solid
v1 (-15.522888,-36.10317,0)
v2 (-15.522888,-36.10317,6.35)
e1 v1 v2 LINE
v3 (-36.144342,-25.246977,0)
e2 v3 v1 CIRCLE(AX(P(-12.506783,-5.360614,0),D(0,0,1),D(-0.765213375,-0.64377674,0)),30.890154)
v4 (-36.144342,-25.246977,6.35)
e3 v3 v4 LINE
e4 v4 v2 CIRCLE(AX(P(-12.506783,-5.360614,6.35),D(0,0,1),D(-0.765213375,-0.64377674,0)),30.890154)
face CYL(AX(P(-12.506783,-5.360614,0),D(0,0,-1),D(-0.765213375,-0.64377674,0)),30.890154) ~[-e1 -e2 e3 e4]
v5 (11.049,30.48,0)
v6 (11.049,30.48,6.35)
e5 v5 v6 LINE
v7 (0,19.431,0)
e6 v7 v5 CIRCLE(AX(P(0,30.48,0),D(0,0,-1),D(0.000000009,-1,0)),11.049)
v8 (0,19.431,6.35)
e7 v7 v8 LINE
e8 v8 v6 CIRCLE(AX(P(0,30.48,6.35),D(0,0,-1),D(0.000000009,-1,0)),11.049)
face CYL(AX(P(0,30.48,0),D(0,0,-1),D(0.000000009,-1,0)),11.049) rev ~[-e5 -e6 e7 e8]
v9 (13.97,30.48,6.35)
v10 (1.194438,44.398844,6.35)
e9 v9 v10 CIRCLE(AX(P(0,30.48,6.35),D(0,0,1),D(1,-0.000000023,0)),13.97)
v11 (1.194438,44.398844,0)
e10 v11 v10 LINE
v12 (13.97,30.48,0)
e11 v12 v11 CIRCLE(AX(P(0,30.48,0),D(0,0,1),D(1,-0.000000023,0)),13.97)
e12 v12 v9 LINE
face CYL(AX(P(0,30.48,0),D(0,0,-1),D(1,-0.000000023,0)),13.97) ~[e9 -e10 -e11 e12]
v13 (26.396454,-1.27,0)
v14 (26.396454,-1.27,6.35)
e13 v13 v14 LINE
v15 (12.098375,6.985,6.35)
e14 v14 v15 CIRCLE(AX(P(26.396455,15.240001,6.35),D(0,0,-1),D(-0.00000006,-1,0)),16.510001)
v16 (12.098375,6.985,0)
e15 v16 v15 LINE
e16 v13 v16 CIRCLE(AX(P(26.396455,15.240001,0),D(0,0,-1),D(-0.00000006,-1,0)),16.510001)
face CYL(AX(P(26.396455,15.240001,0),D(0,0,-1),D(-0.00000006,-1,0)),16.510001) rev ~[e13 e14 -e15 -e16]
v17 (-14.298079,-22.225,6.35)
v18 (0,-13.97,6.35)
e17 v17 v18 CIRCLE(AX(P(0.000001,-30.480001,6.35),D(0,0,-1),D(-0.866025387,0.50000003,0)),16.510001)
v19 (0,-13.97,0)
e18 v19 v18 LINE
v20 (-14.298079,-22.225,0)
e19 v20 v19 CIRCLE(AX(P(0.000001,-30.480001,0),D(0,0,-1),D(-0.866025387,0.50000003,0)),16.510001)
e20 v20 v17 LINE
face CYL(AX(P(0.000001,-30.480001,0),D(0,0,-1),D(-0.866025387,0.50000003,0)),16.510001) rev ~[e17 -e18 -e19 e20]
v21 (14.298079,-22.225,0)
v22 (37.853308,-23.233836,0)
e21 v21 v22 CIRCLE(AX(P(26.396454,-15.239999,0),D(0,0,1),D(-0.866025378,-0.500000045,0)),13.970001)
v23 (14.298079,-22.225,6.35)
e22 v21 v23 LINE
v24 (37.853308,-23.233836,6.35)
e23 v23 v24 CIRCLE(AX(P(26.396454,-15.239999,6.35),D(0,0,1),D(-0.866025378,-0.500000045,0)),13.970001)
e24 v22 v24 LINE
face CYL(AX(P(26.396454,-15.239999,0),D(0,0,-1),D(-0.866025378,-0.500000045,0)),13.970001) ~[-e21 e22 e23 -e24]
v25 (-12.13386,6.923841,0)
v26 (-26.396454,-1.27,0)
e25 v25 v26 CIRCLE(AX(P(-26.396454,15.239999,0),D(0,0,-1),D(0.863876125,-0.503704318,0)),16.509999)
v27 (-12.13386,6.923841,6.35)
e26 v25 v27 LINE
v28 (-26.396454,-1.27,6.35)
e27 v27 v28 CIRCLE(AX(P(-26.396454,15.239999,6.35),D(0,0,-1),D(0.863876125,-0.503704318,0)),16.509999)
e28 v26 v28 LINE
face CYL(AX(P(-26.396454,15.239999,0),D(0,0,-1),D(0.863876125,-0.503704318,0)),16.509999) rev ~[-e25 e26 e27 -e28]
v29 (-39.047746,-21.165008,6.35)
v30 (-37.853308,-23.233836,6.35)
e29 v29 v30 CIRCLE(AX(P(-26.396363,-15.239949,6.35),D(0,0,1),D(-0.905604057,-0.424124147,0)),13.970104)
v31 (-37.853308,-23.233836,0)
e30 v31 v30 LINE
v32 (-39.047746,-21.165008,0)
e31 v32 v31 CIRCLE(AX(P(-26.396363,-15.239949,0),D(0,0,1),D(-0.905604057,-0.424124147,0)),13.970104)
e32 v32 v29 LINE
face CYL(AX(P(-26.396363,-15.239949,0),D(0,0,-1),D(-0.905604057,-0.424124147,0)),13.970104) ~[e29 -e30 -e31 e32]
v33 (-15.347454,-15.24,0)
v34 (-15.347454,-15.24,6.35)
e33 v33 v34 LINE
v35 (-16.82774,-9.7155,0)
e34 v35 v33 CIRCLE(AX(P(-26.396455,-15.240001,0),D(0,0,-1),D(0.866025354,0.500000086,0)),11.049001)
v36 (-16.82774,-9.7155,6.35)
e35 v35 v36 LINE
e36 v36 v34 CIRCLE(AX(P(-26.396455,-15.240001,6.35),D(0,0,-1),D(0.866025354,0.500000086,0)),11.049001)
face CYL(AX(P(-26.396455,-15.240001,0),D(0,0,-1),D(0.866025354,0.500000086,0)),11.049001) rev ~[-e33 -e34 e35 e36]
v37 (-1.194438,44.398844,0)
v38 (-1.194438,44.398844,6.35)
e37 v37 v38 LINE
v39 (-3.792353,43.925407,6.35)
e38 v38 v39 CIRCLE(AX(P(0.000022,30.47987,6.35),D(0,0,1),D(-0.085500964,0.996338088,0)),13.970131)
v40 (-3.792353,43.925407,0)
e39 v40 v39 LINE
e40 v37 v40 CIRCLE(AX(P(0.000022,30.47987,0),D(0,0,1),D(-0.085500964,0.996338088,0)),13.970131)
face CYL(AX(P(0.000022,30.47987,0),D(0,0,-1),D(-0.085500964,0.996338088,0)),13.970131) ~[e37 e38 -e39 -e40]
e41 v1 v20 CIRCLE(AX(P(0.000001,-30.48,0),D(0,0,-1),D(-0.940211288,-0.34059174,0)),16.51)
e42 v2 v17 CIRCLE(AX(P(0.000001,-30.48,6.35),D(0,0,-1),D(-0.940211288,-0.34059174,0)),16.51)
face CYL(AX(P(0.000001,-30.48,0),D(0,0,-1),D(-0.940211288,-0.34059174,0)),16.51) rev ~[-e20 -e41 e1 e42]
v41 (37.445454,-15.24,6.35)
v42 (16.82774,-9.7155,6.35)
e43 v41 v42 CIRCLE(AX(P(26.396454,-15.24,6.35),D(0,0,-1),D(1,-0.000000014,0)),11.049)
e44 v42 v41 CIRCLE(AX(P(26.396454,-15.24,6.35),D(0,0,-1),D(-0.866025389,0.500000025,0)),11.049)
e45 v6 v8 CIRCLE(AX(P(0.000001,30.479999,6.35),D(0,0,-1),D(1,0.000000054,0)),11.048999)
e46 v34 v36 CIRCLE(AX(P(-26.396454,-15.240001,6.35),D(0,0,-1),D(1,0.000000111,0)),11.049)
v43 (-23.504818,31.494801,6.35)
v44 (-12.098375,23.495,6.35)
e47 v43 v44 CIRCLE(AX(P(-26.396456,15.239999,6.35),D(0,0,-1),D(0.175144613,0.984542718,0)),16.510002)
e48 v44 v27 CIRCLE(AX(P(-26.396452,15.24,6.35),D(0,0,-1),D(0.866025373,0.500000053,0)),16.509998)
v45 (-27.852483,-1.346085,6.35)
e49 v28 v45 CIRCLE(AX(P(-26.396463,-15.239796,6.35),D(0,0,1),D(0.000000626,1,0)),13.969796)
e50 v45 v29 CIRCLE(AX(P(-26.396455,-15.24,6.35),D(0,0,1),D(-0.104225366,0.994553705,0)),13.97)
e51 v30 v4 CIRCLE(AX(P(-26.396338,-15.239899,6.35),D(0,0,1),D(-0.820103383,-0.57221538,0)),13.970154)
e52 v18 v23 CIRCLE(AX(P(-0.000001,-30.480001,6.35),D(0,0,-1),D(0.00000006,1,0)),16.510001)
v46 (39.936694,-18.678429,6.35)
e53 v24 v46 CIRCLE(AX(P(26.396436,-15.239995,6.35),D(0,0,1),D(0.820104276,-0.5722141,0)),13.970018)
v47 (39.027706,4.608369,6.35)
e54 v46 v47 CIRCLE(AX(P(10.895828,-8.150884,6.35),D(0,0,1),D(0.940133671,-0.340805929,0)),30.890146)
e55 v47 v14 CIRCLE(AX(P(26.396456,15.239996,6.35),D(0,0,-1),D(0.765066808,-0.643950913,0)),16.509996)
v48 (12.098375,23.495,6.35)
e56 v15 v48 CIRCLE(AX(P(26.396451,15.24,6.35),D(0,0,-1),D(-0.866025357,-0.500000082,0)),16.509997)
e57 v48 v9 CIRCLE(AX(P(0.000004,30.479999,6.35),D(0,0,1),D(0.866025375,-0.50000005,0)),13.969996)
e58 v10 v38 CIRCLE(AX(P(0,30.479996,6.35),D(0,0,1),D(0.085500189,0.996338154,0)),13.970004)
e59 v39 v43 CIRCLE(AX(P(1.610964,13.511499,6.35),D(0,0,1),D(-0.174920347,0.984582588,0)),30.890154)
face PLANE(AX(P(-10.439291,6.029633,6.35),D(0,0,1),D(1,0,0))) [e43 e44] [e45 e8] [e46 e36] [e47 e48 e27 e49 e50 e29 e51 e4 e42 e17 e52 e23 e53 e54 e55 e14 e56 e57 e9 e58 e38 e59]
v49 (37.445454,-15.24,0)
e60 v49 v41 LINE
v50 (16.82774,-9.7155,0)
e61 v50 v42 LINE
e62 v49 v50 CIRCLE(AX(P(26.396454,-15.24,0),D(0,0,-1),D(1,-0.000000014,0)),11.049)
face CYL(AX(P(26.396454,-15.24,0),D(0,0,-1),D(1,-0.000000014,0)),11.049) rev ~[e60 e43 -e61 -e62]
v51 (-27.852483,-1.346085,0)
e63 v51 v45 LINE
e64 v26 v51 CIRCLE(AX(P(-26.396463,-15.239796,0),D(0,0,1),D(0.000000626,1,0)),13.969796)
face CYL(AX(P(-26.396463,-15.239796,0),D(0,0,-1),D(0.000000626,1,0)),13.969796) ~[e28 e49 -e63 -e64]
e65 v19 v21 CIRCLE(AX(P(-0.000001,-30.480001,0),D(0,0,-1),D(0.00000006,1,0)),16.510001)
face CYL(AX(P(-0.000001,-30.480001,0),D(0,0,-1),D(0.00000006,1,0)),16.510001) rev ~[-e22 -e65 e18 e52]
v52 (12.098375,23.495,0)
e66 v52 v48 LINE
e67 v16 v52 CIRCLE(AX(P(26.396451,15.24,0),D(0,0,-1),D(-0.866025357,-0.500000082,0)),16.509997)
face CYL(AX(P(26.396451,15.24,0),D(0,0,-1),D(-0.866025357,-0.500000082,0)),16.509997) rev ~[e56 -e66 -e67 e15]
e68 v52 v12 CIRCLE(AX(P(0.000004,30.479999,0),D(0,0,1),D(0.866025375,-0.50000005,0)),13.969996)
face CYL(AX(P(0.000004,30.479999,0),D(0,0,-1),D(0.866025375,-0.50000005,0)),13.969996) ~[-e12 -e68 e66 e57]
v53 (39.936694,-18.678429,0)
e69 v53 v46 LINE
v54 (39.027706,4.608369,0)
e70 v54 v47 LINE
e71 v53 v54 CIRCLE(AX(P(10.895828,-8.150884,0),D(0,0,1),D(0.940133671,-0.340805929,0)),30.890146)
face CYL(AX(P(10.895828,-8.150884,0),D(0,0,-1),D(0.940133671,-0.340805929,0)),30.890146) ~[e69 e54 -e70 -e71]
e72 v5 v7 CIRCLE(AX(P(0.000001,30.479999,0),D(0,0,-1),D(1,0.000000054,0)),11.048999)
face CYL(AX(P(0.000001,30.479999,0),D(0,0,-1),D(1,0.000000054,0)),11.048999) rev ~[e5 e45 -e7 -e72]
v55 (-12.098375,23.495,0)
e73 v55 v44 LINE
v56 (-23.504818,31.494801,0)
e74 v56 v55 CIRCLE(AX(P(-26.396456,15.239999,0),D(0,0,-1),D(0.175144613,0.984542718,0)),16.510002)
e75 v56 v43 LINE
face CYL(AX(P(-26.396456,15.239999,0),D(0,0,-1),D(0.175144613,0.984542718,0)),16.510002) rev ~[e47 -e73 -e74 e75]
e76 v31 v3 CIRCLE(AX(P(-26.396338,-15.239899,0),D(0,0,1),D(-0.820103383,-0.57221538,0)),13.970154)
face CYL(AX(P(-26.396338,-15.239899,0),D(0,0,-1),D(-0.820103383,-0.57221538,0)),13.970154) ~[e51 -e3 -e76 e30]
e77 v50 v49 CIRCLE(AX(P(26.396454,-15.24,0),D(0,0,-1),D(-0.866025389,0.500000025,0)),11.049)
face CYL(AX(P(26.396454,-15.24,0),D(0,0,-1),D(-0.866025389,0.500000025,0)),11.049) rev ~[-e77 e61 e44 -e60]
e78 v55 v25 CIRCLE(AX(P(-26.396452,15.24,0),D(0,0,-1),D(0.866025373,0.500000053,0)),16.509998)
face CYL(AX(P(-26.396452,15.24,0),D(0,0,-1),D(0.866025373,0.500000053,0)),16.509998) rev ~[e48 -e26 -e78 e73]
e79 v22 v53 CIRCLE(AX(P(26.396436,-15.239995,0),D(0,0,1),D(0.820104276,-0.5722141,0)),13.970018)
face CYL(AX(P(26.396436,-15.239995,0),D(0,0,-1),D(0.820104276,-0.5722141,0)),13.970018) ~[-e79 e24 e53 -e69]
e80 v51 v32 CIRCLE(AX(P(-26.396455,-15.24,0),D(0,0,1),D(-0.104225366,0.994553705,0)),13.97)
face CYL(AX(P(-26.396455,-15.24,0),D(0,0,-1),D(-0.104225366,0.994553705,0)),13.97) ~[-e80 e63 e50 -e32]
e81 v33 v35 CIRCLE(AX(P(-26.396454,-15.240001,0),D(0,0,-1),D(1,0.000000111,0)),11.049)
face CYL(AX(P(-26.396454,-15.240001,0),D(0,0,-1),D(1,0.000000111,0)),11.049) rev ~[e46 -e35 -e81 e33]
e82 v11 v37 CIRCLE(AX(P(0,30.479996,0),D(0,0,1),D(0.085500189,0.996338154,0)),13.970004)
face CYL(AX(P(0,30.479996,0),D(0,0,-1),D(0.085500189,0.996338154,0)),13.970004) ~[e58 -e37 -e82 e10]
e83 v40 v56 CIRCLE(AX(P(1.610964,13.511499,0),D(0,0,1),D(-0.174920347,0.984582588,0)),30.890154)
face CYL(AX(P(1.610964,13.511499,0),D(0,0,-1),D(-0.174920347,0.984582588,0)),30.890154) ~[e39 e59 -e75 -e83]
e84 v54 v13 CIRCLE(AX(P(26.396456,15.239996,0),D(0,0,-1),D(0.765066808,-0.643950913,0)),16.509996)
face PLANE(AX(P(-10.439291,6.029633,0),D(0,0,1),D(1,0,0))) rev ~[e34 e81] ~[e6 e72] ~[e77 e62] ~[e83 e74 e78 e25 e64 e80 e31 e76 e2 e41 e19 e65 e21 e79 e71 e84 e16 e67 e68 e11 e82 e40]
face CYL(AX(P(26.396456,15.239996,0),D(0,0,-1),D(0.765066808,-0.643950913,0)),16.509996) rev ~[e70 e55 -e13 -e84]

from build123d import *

# Parameters (mm, degrees)
F1_DEPTH = 6.35


with BuildPart() as f1:
    # F0 (on Top) → F1 (new body)
    with BuildSketch(Plane.XY):
        with BuildLine():
            Line((-14.298079, -8.255), (0, 0))
            Line((0, 0), (0, 16.51))
            ThreePointArc((0, 16.51), (-6.985, 18.381625), (-12.098375, 23.495))
            ThreePointArc((-12.098375, 23.495), (-9.886492, 15.204646), (-12.13386, 6.923841))
            ThreePointArc((-12.13386, 6.923841), (-18.172091, 0.924276), (-26.396454, -1.27))
            ThreePointArc((-26.396454, -1.27), (-25.702754, -1.287234), (-25.010766, -1.338893))
            ThreePointArc((-25.010766, -1.338893), (-18.819309, -3.5034), (-14.298079, -8.255))
        make_face()
        with BuildLine():
            Line((0, -13.97), (0, 0))
            Line((0, 0), (-14.298079, -8.255))
            ThreePointArc((-14.298079, -8.255), (-12.902471, -11.624298), (-12.426454, -15.24))
            ThreePointArc((-12.426454, -15.24), (-12.902471, -18.855702), (-14.298079, -22.225))
            ThreePointArc((-14.298079, -22.225), (-8.255, -16.181921), (0, -13.97))
        make_face()
        with BuildLine():
            Line((12.098375, 6.985), (0, 0))
            Line((0, 0), (14.298079, -8.255))
            ThreePointArc((14.298079, -8.255), (19.411454, -3.141625), (26.396454, -1.27))
            ThreePointArc((26.396454, -1.27), (18.141454, 0.941921), (12.098375, 6.985))
        make_face()
        with BuildLine():
            Line((14.298079, -8.255), (0, 0))
            Line((0, 0), (0, -13.97))
            ThreePointArc((0, -13.97), (8.255, -16.181921), (14.298079, -22.225))
            ThreePointArc((14.298079, -22.225), (12.426454, -15.24), (14.298079, -8.255))
        make_face()
        with BuildLine():
            Line((0, 16.51), (0, 0))
            Line((0, 0), (12.098375, 6.985))
            ThreePointArc((12.098375, 6.985), (9.886454, 15.24), (12.098375, 23.495))
            ThreePointArc((12.098375, 23.495), (6.985, 18.381625), (0, 16.51))
        make_face()
        with BuildLine():
            ThreePointArc((11.049, 30.48), (-7.812823, 38.292823), (0, 19.431))
            ThreePointArc((0, 19.431), (7.812823, 22.667177), (11.049, 30.48))
        make_face()
        with BuildLine():
            ThreePointArc((-12.098375, 23.495), (-6.985, 18.381625), (0, 16.51))
            ThreePointArc((0, 16.51), (6.985, 18.381625), (12.098375, 23.495))
            ThreePointArc((12.098375, 23.495), (13.493984, 26.864298), (13.97, 30.48))
            ThreePointArc((13.97, 30.48), (10.291919, 39.92655), (1.194438, 44.398844))
            ThreePointArc((1.194438, 44.398844), (-1.30857, 44.263376), (-3.792353, 43.925407))
            ThreePointArc((-3.792353, 43.925407), (-12.941375, 35.741341), (-12.098375, 23.495))
        make_face()
        with BuildLine():
            ThreePointArc((11.049, 30.48), (7.812823, 22.667177), (0, 19.431))
            ThreePointArc((0, 19.431), (-7.812823, 38.292823), (11.049, 30.48))
        make_face(mode=Mode.SUBTRACT)
        with BuildLine():
            ThreePointArc((-15.347454, -15.24), (-15.72394, -12.380308), (-16.82774, -9.7155))
            ThreePointArc((-16.82774, -9.7155), (-37.068969, -18.099692), (-15.347454, -15.24))
        make_face()
        with BuildLine():
            ThreePointArc((-12.426454, -15.24), (-12.902471, -11.624298), (-14.298079, -8.255))
            ThreePointArc((-14.298079, -8.255), (-18.819309, -3.5034), (-25.010766, -1.338893))
            ThreePointArc((-25.010766, -1.338893), (-26.431469, -1.403743), (-27.852483, -1.346085))
            ThreePointArc((-27.852483, -1.346085), (-38.559988, -8.369094), (-39.047746, -21.165008))
            ThreePointArc((-39.047746, -21.165008), (-37.678923, -23.264942), (-36.144342, -25.246977))
            ThreePointArc((-36.144342, -25.246977), (-24.482222, -29.07823), (-14.298079, -22.225))
            ThreePointArc((-14.298079, -22.225), (-12.902471, -18.855702), (-12.426454, -15.24))
        make_face()
        with BuildLine():
            ThreePointArc((-15.347454, -15.24), (-37.068969, -18.099692), (-16.82774, -9.7155))
            ThreePointArc((-16.82774, -9.7155), (-15.72394, -12.380308), (-15.347454, -15.24))
        make_face(mode=Mode.SUBTRACT)
        with BuildLine():
            ThreePointArc((37.445454, -15.24), (29.256146, -4.567486), (16.82774, -9.7155))
            ThreePointArc((16.82774, -9.7155), (23.536763, -25.912514), (37.445454, -15.24))
        make_face()
        with BuildLine():
            ThreePointArc((26.396454, -1.27), (19.411454, -3.141625), (14.298079, -8.255))
            ThreePointArc((14.298079, -8.255), (12.426454, -15.24), (14.298079, -22.225))
            ThreePointArc((14.298079, -22.225), (25.798688, -29.197205), (37.853308, -23.233836))
            ThreePointArc((37.853308, -23.233836), (38.987493, -20.998433), (39.936694, -18.678429))
            ThreePointArc((39.936694, -18.678429), (40.258598, -16.972591), (40.366454, -15.24))
            ThreePointArc((40.366454, -15.24), (36.274736, -5.361718), (26.396454, -1.27))
        make_face()
        with BuildLine():
            ThreePointArc((37.445454, -15.24), (23.536763, -25.912514), (16.82774, -9.7155))
            ThreePointArc((16.82774, -9.7155), (29.256146, -4.567486), (37.445454, -15.24))
        make_face(mode=Mode.SUBTRACT)
        with BuildLine():
            ThreePointArc((-23.504818, 31.494801), (-16.916434, 28.757001), (-12.098375, 23.495))
            ThreePointArc((-12.098375, 23.495), (-12.941375, 35.741341), (-3.792353, 43.925407))
            ThreePointArc((-3.792353, 43.925407), (-14.865803, 39.640368), (-23.504818, 31.494801))
        make_face()
        with BuildLine():
            ThreePointArc((-27.852483, -1.346085), (-26.431469, -1.403743), (-25.010766, -1.338893))
            ThreePointArc((-25.010766, -1.338893), (-25.702754, -1.287234), (-26.396454, -1.27))
            ThreePointArc((-26.396454, -1.27), (-27.125462, -1.289034), (-27.852483, -1.346085))
        make_face()
        with BuildLine():
            ThreePointArc((39.027706, 4.608369), (33.362511, 0.271561), (26.396454, -1.27))
            ThreePointArc((26.396454, -1.27), (36.274736, -5.361718), (40.366454, -15.24))
            ThreePointArc((40.366454, -15.24), (40.258598, -16.972591), (39.936694, -18.678429))
            ThreePointArc((39.936694, -18.678429), (41.762467, -6.946021), (39.027706, 4.608369))
        make_face()
        with BuildLine():
            ThreePointArc((-15.522888, -36.10317), (-16.446076, -29.028562), (-14.298079, -22.225))
            ThreePointArc((-14.298079, -22.225), (-24.482222, -29.07823), (-36.144342, -25.246977))
            ThreePointArc((-36.144342, -25.246977), (-26.896664, -32.694347), (-15.522888, -36.10317))
        make_face()
        with BuildLine():
            ThreePointArc((-1.194438, 44.398844), (-2.504607, 44.223647), (-3.792353, 43.925407))
            ThreePointArc((-3.792353, 43.925407), (-1.30857, 44.263376), (1.194438, 44.398844))
            ThreePointArc((1.194438, 44.398844), (0, 44.414908), (-1.194438, 44.398844))
        make_face()
        with BuildLine():
            ThreePointArc((39.936694, -18.678429), (38.987493, -20.998433), (37.853308, -23.233836))
            ThreePointArc((37.853308, -23.233836), (39.100847, -21.050275), (39.936694, -18.678429))
        make_face()
        with BuildLine():
            ThreePointArc((-37.853308, -23.233836), (-37.046498, -24.280877), (-36.144342, -25.246977))
            ThreePointArc((-36.144342, -25.246977), (-37.678923, -23.264942), (-39.047746, -21.165008))
            ThreePointArc((-39.047746, -21.165008), (-38.464438, -22.207454), (-37.853308, -23.233836))
        make_face()
        with BuildLine():
            ThreePointArc((1.194438, 44.398844), (0, 44.45), (-1.194438, 44.398844))
            ThreePointArc((-1.194438, 44.398844), (0, 44.414908), (1.194438, 44.398844))
        make_face()
        with BuildLine():
            ThreePointArc((-37.853308, -23.233836), (-38.464438, -22.207454), (-39.047746, -21.165008))
            ThreePointArc((-39.047746, -21.165008), (-38.494829, -22.225), (-37.853308, -23.233836))
        make_face()
    extrude(amount=F1_DEPTH)


solid = f1.part
